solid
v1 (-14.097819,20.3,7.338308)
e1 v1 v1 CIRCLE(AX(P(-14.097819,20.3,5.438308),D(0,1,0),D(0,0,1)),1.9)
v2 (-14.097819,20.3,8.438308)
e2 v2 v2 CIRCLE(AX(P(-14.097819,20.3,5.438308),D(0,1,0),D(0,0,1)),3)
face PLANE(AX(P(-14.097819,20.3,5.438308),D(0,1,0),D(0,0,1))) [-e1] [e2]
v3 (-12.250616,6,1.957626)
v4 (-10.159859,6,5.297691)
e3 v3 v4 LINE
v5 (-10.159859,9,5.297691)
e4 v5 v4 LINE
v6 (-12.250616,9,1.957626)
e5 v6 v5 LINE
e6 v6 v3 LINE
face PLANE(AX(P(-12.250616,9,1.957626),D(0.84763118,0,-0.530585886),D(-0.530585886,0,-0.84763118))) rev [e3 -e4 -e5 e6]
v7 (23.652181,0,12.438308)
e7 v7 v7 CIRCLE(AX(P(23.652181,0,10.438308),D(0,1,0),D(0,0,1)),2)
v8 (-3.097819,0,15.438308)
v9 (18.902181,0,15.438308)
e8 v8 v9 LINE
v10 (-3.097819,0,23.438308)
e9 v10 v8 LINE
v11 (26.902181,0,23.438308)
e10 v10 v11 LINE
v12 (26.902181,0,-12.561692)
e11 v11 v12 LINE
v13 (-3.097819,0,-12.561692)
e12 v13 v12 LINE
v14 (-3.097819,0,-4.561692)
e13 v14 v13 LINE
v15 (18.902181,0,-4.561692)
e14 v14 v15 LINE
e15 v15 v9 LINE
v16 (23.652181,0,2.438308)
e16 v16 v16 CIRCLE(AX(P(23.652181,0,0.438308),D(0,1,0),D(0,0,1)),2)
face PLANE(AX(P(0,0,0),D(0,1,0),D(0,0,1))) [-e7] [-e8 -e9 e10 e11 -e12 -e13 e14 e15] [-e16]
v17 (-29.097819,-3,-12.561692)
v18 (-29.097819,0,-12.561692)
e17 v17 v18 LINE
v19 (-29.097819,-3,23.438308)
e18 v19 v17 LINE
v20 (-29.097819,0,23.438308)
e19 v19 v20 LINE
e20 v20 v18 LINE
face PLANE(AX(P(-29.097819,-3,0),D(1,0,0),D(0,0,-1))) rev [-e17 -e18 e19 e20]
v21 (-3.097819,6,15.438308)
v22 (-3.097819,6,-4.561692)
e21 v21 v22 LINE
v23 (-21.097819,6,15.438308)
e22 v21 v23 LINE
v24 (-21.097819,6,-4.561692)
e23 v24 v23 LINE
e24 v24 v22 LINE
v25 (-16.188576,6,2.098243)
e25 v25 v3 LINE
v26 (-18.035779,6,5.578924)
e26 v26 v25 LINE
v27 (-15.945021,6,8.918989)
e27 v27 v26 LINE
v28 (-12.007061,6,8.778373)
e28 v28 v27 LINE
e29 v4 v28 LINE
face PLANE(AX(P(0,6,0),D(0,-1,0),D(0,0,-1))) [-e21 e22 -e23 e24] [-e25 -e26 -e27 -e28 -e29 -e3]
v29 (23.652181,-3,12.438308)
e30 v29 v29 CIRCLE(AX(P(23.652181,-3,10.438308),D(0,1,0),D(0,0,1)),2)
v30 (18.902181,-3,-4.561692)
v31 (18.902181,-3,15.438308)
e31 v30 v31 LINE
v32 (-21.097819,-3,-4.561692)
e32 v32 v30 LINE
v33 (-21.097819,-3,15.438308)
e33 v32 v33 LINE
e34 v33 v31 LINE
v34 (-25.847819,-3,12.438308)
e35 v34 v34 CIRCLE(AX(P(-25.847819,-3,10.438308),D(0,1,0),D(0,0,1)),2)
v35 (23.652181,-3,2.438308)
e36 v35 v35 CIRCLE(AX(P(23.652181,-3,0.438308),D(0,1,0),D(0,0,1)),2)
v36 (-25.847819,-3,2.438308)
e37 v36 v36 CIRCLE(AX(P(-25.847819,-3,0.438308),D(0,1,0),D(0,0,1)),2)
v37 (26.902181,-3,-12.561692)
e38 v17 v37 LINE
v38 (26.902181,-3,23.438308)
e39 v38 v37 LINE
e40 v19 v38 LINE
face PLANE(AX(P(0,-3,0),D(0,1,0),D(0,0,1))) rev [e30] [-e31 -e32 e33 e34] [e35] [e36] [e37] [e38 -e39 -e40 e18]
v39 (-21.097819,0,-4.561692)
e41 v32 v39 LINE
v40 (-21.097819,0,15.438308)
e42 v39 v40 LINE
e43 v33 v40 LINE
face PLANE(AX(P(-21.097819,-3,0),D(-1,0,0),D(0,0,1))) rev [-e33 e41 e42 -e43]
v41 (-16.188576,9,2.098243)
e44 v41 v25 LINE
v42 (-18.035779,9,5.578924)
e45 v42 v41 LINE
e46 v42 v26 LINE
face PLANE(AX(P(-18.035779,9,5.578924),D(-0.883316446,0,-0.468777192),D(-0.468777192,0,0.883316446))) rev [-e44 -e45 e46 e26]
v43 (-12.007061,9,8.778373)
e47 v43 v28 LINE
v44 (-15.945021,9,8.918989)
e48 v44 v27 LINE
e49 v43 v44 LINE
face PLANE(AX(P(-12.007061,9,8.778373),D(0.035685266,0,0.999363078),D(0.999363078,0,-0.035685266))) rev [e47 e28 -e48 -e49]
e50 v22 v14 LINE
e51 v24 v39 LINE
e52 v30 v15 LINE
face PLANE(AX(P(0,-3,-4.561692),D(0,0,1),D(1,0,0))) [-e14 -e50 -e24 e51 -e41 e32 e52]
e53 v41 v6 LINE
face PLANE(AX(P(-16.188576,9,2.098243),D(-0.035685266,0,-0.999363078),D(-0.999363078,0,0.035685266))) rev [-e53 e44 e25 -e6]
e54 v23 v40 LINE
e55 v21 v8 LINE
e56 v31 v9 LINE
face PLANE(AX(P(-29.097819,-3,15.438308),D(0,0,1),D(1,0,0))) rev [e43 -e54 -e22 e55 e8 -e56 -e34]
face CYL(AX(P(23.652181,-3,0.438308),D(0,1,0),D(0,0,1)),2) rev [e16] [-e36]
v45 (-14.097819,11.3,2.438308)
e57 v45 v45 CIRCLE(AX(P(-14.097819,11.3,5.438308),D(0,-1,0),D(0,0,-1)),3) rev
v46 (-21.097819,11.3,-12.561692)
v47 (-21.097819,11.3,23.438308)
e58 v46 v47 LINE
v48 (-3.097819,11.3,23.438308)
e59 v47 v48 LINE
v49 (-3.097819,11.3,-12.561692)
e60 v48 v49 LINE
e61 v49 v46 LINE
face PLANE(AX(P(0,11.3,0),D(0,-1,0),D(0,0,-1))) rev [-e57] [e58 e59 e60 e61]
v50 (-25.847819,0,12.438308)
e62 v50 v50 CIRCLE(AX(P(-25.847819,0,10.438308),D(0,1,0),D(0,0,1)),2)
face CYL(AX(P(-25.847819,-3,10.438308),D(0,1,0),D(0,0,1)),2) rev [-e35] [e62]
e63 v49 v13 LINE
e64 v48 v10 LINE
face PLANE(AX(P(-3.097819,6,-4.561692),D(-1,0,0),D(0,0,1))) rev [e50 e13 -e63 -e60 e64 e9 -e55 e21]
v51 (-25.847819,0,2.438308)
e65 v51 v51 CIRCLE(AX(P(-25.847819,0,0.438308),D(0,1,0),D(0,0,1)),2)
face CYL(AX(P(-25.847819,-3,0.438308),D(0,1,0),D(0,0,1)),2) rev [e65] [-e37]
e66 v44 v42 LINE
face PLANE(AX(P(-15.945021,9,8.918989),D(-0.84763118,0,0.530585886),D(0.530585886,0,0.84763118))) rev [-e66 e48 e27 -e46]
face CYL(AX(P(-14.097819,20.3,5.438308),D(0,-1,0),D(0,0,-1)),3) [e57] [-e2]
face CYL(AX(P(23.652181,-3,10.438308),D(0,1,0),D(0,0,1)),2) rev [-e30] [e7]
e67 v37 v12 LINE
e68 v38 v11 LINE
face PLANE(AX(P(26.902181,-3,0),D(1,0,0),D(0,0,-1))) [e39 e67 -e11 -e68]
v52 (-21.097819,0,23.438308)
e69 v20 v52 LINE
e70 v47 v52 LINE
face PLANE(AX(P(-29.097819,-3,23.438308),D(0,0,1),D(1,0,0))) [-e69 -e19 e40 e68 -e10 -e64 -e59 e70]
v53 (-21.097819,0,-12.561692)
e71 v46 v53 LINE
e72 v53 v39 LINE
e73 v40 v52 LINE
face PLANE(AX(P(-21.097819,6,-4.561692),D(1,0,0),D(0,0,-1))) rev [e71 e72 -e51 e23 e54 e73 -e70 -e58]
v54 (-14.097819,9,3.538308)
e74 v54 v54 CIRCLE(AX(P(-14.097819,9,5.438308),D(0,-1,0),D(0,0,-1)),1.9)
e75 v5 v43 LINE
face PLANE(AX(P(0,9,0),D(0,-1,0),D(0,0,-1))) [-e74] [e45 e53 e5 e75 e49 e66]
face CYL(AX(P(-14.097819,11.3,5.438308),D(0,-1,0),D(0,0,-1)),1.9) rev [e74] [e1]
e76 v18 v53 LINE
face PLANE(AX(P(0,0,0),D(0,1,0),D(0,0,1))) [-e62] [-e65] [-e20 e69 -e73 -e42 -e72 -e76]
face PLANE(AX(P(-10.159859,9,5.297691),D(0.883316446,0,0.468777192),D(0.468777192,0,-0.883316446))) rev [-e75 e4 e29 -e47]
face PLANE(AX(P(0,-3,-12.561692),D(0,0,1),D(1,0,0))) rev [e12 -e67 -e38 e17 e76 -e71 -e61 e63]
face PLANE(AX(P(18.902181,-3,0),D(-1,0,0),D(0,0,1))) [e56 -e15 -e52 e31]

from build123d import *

# Parameters (mm, degrees)
SKETCH1_W           = 8
SKETCH1_H           = 20
SKETCH1_W_2         = 56
SKETCH1_H_2         = 8
BOSS_EXTRUDE1_DEPTH = 3
SKETCH2_W           = 18
SKETCH2_H           = 8
BOSS_EXTRUDE2_DEPTH = 6
SKETCH3_W           = 18
SKETCH3_H           = 36
BOSS_EXTRUDE3_DEPTH = 5.3
SKETCH5_R           = 1.9
CUT_EXTRUDE1_DEPTH  = 5.3
SKETCH6_R           = 3
SKETCH6_R_2         = 1.9
BOSS_EXTRUDE5_DEPTH = 9
CUT_EXTRUDE2_DEPTH  = 3
SKETCH8_R           = 2
CUT_EXTRUDE3_DEPTH  = 3


with BuildPart() as part:
    # Sketch1 → Boss-Extrude1 (new body)
    with BuildSketch(Plane(origin=(0, 0, 0), x_dir=(1, 0, 0), z_dir=(0, 1, 0))):
        Polygon((-29.097818748, 12.561692374), (-29.097818748, 4.561692374), (-21.097818748, 4.561692374), (18.902181252, 4.561692374), (26.902181252, 4.561692374), (26.902181252, 12.561692374), align=None)
        with Locations((-25.097818748, -5.438307626)):
            Rectangle(SKETCH1_W, SKETCH1_H)
        with Locations((22.902181252, -5.438307626)):
            Rectangle(SKETCH1_W, SKETCH1_H)
        with Locations((-1.097818748, -19.438307626)):
            Rectangle(SKETCH1_W_2, SKETCH1_H_2)
    extrude(amount=-BOSS_EXTRUDE1_DEPTH)

    # Sketch2 → Boss-Extrude2 (add)
    with BuildSketch(Plane(origin=(0, 0, 0), x_dir=(1, 0, 0), z_dir=(0, 1, 0))):
        with Locations((-12.097818748, 8.561692374)):
            Rectangle(SKETCH2_W, SKETCH2_H)
        with Locations((-12.097818748, -19.438307626)):
            Rectangle(SKETCH2_W, SKETCH2_H)
    extrude(amount=BOSS_EXTRUDE2_DEPTH)

    # Sketch3 → Boss-Extrude3 (add)
    with BuildSketch(Plane(origin=(0, 6, 0), x_dir=(1, 0, 0), z_dir=(0, 1, 0))):
        with Locations((-12.097818748, -5.438307626)):
            Rectangle(SKETCH3_W, SKETCH3_H)
    extrude(amount=BOSS_EXTRUDE3_DEPTH)

    # Sketch5 → Cut-Extrude1 (cut)
    with BuildSketch(Plane(origin=(0, 6, 0), x_dir=(1, 0, 0), z_dir=(0, 1, 0))):
        with Locations(Location((-14.097818748, -5.438307626, 0), (0, 0, 270))):
            Circle(SKETCH5_R)
    extrude(amount=CUT_EXTRUDE1_DEPTH, mode=Mode.SUBTRACT)

    # Sketch6 → Boss-Extrude5 (add)
    with BuildSketch(Plane(origin=(0, 11.3, 0), x_dir=(1, 0, 0), z_dir=(0, 1, 0))):
        with Locations(Location((-14.097818748, -5.438307626, 0), (0, 0, 90))):
            Circle(SKETCH6_R)
        with Locations(Location((-14.097818748, -5.438307626, 0), (0, 0, 270))):
            Circle(SKETCH6_R_2, mode=Mode.SUBTRACT)
    extrude(amount=BOSS_EXTRUDE5_DEPTH)

    # Sketch7 → Cut-Extrude2 (cut)
    with BuildSketch(Plane.XZ.offset(-6)):
        Polygon((-12.250616402, 1.957625885), (-10.159858765, 5.297690913), (-12.00706111, 8.778372654), (-15.945021093, 8.918989367), (-18.03577873, 5.578924339), (-16.188576385, 2.098242598), align=None)
    extrude(amount=-CUT_EXTRUDE2_DEPTH, mode=Mode.SUBTRACT)

    # Sketch8 → Cut-Extrude3 (cut)
    with BuildSketch(Plane(origin=(0, 0, 0), x_dir=(1, 0, 0), z_dir=(0, 1, 0))):
        with Locations(Location((23.652181252, -0.438307626, 0), (0, 0, 270))):
            Circle(SKETCH8_R)
        with Locations(Location((23.652181252, -10.438307626, 0), (0, 0, 270))):
            Circle(SKETCH8_R)
        with Locations(Location((-25.847818748, -0.438307626, 0), (0, 0, 270))):
            Circle(SKETCH8_R)
        with Locations(Location((-25.847818748, -10.438307626, 0), (0, 0, 270))):
            Circle(SKETCH8_R)
    extrude(amount=-CUT_EXTRUDE3_DEPTH, mode=Mode.SUBTRACT)


solid = part.part
